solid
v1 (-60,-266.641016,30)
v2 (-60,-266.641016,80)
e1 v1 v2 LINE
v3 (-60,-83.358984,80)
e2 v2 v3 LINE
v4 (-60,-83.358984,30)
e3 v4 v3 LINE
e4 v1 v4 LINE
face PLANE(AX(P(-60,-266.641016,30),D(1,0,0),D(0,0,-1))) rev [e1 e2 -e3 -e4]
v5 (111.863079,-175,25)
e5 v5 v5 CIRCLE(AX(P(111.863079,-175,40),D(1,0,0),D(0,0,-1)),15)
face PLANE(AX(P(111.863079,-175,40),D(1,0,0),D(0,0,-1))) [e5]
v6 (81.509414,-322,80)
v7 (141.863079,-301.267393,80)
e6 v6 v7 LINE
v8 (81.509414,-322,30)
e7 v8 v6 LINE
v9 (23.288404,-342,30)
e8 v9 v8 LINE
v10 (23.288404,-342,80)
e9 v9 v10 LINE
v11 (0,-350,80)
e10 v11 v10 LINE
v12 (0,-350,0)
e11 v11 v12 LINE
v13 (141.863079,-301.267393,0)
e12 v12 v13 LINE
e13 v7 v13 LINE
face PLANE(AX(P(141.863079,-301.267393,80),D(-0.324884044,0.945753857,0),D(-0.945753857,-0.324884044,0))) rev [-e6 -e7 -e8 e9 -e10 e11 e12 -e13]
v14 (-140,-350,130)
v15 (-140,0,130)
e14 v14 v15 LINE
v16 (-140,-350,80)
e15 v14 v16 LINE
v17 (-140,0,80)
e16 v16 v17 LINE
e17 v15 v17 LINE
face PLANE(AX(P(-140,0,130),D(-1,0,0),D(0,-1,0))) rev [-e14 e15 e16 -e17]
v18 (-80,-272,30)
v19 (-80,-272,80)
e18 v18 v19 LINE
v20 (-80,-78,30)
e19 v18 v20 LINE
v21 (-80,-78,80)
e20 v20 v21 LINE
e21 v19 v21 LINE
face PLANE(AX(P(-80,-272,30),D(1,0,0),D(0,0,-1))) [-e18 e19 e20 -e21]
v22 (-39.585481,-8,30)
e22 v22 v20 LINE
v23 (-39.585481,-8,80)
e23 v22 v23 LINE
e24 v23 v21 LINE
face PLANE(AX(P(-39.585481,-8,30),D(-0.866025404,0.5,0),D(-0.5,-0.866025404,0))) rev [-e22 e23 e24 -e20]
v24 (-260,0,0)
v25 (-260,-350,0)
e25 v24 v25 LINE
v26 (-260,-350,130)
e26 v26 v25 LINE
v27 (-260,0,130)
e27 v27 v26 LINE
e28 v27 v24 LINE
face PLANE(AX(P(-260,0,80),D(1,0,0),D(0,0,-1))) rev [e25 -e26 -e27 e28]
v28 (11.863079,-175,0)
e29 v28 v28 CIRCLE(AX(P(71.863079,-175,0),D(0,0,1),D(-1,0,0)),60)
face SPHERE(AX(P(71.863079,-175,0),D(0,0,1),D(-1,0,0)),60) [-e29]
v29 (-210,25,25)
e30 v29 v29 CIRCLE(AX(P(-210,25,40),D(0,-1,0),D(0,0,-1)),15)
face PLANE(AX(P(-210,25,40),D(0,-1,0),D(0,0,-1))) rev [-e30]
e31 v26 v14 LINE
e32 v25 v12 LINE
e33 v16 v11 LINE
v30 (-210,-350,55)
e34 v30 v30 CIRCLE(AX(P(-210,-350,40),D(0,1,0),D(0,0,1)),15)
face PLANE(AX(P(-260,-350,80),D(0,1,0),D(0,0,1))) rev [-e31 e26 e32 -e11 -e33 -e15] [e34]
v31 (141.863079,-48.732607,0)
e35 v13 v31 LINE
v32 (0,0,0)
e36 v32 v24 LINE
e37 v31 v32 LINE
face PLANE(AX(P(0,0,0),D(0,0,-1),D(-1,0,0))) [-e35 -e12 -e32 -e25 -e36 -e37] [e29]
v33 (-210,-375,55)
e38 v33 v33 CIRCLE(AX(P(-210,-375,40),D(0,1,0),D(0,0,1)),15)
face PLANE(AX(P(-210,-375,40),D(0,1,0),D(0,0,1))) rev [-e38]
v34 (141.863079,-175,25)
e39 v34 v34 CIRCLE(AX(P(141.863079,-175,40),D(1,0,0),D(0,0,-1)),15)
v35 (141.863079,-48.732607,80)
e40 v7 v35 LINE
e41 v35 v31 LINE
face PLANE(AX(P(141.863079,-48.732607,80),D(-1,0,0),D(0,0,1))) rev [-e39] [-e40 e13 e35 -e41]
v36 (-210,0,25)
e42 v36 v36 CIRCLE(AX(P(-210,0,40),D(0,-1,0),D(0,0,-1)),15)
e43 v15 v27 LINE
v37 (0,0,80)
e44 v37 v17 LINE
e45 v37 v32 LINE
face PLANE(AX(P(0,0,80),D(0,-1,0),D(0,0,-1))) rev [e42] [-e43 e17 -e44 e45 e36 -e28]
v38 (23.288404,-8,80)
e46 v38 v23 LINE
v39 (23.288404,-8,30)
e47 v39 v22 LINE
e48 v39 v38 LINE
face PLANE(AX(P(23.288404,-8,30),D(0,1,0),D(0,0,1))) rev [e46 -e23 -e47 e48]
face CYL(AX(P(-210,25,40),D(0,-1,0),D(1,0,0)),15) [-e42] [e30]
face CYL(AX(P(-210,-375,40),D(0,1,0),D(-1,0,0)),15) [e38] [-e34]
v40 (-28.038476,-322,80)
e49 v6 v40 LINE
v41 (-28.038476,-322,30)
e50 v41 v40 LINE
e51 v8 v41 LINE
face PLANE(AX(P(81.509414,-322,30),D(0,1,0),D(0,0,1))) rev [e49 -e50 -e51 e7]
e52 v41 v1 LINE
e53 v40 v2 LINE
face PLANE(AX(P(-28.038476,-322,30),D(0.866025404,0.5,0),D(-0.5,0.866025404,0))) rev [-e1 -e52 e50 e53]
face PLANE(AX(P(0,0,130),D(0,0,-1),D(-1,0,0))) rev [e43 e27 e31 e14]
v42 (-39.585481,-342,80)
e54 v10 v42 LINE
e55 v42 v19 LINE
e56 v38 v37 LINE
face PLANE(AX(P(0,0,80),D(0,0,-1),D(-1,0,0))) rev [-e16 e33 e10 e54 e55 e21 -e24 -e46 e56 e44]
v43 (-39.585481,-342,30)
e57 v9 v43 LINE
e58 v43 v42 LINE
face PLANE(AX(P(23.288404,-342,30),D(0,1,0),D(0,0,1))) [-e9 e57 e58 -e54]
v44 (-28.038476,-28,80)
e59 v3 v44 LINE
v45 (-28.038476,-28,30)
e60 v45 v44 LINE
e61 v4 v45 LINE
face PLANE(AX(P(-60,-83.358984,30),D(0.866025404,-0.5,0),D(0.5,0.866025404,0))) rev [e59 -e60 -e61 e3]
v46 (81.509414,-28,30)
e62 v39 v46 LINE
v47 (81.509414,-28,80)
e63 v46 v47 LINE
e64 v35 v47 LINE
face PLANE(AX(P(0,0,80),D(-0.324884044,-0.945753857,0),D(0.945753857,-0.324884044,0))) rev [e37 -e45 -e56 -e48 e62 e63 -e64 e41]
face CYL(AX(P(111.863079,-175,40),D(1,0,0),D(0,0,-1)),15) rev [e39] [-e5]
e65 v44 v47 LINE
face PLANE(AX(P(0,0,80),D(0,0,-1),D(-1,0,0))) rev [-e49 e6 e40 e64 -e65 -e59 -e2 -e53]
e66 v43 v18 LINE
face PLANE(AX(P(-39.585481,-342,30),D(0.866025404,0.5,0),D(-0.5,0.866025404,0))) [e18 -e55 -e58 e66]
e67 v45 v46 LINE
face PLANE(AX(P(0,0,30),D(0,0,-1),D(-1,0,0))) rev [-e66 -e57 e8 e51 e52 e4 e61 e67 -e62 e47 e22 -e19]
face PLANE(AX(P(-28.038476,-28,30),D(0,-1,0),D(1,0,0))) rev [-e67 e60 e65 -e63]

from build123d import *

# Parameters (mm, degrees)
BOSS_EXTRUDE1_DEPTH = 80
SKETCH2_R           = 15
BOSS_EXTRUDE2_DEPTH = 25
BOSS_EXTRUDE3_START = -375
SKETCH2_2_R         = 15
BOSS_EXTRUDE3_DEPTH = 25
SKETCH4_R           = 15
CUT_EXTRUDE1_DEPTH  = 30
CUT_EXTRUDE3_DEPTH  = 50
REVOLVE1_ANGLE      = 180
SKETCH6_W           = 120
SKETCH6_H           = 350
BOSS_EXTRUDE4_DEPTH = 50


with BuildPart() as part:
    # Sketch1 → Boss-Extrude1 (new body)
    with BuildSketch(Plane.XY):
        Polygon((0, 0), (-260, 0), (-260, -350), (0, -350), (141.863078537, -301.267393379), (141.863078537, -48.732606621), align=None)
    extrude(amount=BOSS_EXTRUDE1_DEPTH)

    # Sketch2 → Boss-Extrude2 (add)
    with BuildSketch(Plane.XZ.offset(350)):
        with Locations(Location((-210, 40, 0), (0, 0, 90))):
            Circle(SKETCH2_R)
    extrude(amount=BOSS_EXTRUDE2_DEPTH)

    # Sketch2<2> → Boss-Extrude3 (add)
    with BuildSketch(Plane.XZ.offset(350).offset(BOSS_EXTRUDE3_START)):
        with Locations(Location((-210, 40, 0), (0, 0, 90))):
            Circle(SKETCH2_2_R)
    extrude(amount=BOSS_EXTRUDE3_DEPTH)

    # Sketch4 → Cut-Extrude1 (cut)
    with BuildSketch(Plane(origin=(141.863078537, 0, 0), x_dir=(0, 0, -1), z_dir=(1, 0, 0))):
        with Locations((-40, -175)):
            Circle(SKETCH4_R)
    extrude(amount=-CUT_EXTRUDE1_DEPTH, mode=Mode.SUBTRACT)

    # Sketch5 → Cut-Extrude3 (cut)
    with BuildSketch(Plane.XY.offset(80)):
        Polygon((23.288403945, -342), (-39.585481157, -342), (-80, -272), (-80, -78), (-39.585481157, -8), (23.288403945, -8), (81.509413808, -28), (-28.038475773, -28), (-60, -83.358983849), (-60, -266.641016151), (-28.038475773, -322), (81.509413808, -322), align=None)
    extrude(amount=-CUT_EXTRUDE3_DEPTH, mode=Mode.SUBTRACT)

    # Sketch3 → Revolve1 (revolve)
    with BuildSketch(Plane(origin=(0, 0, 0), x_dir=(-1, 0, 0), z_dir=(0, 0, -1))):
        with BuildLine():
            Line((-11.863078537, -175), (-131.863078537, -175))
            ThreePointArc((-131.863078537, -175), (-71.863078537, -115), (-11.863078537, -175))
        make_face()
    revolve(axis=Axis((141.863078537, -175, 0), (-1, 0, 0)), revolution_arc=REVOLVE1_ANGLE)

    # Sketch6 → Boss-Extrude4 (add)
    with BuildSketch(Plane.XY.offset(80)):
        with Locations((-200, -175)):
            Rectangle(SKETCH6_W, SKETCH6_H)
    extrude(amount=BOSS_EXTRUDE4_DEPTH)


solid = part.part
